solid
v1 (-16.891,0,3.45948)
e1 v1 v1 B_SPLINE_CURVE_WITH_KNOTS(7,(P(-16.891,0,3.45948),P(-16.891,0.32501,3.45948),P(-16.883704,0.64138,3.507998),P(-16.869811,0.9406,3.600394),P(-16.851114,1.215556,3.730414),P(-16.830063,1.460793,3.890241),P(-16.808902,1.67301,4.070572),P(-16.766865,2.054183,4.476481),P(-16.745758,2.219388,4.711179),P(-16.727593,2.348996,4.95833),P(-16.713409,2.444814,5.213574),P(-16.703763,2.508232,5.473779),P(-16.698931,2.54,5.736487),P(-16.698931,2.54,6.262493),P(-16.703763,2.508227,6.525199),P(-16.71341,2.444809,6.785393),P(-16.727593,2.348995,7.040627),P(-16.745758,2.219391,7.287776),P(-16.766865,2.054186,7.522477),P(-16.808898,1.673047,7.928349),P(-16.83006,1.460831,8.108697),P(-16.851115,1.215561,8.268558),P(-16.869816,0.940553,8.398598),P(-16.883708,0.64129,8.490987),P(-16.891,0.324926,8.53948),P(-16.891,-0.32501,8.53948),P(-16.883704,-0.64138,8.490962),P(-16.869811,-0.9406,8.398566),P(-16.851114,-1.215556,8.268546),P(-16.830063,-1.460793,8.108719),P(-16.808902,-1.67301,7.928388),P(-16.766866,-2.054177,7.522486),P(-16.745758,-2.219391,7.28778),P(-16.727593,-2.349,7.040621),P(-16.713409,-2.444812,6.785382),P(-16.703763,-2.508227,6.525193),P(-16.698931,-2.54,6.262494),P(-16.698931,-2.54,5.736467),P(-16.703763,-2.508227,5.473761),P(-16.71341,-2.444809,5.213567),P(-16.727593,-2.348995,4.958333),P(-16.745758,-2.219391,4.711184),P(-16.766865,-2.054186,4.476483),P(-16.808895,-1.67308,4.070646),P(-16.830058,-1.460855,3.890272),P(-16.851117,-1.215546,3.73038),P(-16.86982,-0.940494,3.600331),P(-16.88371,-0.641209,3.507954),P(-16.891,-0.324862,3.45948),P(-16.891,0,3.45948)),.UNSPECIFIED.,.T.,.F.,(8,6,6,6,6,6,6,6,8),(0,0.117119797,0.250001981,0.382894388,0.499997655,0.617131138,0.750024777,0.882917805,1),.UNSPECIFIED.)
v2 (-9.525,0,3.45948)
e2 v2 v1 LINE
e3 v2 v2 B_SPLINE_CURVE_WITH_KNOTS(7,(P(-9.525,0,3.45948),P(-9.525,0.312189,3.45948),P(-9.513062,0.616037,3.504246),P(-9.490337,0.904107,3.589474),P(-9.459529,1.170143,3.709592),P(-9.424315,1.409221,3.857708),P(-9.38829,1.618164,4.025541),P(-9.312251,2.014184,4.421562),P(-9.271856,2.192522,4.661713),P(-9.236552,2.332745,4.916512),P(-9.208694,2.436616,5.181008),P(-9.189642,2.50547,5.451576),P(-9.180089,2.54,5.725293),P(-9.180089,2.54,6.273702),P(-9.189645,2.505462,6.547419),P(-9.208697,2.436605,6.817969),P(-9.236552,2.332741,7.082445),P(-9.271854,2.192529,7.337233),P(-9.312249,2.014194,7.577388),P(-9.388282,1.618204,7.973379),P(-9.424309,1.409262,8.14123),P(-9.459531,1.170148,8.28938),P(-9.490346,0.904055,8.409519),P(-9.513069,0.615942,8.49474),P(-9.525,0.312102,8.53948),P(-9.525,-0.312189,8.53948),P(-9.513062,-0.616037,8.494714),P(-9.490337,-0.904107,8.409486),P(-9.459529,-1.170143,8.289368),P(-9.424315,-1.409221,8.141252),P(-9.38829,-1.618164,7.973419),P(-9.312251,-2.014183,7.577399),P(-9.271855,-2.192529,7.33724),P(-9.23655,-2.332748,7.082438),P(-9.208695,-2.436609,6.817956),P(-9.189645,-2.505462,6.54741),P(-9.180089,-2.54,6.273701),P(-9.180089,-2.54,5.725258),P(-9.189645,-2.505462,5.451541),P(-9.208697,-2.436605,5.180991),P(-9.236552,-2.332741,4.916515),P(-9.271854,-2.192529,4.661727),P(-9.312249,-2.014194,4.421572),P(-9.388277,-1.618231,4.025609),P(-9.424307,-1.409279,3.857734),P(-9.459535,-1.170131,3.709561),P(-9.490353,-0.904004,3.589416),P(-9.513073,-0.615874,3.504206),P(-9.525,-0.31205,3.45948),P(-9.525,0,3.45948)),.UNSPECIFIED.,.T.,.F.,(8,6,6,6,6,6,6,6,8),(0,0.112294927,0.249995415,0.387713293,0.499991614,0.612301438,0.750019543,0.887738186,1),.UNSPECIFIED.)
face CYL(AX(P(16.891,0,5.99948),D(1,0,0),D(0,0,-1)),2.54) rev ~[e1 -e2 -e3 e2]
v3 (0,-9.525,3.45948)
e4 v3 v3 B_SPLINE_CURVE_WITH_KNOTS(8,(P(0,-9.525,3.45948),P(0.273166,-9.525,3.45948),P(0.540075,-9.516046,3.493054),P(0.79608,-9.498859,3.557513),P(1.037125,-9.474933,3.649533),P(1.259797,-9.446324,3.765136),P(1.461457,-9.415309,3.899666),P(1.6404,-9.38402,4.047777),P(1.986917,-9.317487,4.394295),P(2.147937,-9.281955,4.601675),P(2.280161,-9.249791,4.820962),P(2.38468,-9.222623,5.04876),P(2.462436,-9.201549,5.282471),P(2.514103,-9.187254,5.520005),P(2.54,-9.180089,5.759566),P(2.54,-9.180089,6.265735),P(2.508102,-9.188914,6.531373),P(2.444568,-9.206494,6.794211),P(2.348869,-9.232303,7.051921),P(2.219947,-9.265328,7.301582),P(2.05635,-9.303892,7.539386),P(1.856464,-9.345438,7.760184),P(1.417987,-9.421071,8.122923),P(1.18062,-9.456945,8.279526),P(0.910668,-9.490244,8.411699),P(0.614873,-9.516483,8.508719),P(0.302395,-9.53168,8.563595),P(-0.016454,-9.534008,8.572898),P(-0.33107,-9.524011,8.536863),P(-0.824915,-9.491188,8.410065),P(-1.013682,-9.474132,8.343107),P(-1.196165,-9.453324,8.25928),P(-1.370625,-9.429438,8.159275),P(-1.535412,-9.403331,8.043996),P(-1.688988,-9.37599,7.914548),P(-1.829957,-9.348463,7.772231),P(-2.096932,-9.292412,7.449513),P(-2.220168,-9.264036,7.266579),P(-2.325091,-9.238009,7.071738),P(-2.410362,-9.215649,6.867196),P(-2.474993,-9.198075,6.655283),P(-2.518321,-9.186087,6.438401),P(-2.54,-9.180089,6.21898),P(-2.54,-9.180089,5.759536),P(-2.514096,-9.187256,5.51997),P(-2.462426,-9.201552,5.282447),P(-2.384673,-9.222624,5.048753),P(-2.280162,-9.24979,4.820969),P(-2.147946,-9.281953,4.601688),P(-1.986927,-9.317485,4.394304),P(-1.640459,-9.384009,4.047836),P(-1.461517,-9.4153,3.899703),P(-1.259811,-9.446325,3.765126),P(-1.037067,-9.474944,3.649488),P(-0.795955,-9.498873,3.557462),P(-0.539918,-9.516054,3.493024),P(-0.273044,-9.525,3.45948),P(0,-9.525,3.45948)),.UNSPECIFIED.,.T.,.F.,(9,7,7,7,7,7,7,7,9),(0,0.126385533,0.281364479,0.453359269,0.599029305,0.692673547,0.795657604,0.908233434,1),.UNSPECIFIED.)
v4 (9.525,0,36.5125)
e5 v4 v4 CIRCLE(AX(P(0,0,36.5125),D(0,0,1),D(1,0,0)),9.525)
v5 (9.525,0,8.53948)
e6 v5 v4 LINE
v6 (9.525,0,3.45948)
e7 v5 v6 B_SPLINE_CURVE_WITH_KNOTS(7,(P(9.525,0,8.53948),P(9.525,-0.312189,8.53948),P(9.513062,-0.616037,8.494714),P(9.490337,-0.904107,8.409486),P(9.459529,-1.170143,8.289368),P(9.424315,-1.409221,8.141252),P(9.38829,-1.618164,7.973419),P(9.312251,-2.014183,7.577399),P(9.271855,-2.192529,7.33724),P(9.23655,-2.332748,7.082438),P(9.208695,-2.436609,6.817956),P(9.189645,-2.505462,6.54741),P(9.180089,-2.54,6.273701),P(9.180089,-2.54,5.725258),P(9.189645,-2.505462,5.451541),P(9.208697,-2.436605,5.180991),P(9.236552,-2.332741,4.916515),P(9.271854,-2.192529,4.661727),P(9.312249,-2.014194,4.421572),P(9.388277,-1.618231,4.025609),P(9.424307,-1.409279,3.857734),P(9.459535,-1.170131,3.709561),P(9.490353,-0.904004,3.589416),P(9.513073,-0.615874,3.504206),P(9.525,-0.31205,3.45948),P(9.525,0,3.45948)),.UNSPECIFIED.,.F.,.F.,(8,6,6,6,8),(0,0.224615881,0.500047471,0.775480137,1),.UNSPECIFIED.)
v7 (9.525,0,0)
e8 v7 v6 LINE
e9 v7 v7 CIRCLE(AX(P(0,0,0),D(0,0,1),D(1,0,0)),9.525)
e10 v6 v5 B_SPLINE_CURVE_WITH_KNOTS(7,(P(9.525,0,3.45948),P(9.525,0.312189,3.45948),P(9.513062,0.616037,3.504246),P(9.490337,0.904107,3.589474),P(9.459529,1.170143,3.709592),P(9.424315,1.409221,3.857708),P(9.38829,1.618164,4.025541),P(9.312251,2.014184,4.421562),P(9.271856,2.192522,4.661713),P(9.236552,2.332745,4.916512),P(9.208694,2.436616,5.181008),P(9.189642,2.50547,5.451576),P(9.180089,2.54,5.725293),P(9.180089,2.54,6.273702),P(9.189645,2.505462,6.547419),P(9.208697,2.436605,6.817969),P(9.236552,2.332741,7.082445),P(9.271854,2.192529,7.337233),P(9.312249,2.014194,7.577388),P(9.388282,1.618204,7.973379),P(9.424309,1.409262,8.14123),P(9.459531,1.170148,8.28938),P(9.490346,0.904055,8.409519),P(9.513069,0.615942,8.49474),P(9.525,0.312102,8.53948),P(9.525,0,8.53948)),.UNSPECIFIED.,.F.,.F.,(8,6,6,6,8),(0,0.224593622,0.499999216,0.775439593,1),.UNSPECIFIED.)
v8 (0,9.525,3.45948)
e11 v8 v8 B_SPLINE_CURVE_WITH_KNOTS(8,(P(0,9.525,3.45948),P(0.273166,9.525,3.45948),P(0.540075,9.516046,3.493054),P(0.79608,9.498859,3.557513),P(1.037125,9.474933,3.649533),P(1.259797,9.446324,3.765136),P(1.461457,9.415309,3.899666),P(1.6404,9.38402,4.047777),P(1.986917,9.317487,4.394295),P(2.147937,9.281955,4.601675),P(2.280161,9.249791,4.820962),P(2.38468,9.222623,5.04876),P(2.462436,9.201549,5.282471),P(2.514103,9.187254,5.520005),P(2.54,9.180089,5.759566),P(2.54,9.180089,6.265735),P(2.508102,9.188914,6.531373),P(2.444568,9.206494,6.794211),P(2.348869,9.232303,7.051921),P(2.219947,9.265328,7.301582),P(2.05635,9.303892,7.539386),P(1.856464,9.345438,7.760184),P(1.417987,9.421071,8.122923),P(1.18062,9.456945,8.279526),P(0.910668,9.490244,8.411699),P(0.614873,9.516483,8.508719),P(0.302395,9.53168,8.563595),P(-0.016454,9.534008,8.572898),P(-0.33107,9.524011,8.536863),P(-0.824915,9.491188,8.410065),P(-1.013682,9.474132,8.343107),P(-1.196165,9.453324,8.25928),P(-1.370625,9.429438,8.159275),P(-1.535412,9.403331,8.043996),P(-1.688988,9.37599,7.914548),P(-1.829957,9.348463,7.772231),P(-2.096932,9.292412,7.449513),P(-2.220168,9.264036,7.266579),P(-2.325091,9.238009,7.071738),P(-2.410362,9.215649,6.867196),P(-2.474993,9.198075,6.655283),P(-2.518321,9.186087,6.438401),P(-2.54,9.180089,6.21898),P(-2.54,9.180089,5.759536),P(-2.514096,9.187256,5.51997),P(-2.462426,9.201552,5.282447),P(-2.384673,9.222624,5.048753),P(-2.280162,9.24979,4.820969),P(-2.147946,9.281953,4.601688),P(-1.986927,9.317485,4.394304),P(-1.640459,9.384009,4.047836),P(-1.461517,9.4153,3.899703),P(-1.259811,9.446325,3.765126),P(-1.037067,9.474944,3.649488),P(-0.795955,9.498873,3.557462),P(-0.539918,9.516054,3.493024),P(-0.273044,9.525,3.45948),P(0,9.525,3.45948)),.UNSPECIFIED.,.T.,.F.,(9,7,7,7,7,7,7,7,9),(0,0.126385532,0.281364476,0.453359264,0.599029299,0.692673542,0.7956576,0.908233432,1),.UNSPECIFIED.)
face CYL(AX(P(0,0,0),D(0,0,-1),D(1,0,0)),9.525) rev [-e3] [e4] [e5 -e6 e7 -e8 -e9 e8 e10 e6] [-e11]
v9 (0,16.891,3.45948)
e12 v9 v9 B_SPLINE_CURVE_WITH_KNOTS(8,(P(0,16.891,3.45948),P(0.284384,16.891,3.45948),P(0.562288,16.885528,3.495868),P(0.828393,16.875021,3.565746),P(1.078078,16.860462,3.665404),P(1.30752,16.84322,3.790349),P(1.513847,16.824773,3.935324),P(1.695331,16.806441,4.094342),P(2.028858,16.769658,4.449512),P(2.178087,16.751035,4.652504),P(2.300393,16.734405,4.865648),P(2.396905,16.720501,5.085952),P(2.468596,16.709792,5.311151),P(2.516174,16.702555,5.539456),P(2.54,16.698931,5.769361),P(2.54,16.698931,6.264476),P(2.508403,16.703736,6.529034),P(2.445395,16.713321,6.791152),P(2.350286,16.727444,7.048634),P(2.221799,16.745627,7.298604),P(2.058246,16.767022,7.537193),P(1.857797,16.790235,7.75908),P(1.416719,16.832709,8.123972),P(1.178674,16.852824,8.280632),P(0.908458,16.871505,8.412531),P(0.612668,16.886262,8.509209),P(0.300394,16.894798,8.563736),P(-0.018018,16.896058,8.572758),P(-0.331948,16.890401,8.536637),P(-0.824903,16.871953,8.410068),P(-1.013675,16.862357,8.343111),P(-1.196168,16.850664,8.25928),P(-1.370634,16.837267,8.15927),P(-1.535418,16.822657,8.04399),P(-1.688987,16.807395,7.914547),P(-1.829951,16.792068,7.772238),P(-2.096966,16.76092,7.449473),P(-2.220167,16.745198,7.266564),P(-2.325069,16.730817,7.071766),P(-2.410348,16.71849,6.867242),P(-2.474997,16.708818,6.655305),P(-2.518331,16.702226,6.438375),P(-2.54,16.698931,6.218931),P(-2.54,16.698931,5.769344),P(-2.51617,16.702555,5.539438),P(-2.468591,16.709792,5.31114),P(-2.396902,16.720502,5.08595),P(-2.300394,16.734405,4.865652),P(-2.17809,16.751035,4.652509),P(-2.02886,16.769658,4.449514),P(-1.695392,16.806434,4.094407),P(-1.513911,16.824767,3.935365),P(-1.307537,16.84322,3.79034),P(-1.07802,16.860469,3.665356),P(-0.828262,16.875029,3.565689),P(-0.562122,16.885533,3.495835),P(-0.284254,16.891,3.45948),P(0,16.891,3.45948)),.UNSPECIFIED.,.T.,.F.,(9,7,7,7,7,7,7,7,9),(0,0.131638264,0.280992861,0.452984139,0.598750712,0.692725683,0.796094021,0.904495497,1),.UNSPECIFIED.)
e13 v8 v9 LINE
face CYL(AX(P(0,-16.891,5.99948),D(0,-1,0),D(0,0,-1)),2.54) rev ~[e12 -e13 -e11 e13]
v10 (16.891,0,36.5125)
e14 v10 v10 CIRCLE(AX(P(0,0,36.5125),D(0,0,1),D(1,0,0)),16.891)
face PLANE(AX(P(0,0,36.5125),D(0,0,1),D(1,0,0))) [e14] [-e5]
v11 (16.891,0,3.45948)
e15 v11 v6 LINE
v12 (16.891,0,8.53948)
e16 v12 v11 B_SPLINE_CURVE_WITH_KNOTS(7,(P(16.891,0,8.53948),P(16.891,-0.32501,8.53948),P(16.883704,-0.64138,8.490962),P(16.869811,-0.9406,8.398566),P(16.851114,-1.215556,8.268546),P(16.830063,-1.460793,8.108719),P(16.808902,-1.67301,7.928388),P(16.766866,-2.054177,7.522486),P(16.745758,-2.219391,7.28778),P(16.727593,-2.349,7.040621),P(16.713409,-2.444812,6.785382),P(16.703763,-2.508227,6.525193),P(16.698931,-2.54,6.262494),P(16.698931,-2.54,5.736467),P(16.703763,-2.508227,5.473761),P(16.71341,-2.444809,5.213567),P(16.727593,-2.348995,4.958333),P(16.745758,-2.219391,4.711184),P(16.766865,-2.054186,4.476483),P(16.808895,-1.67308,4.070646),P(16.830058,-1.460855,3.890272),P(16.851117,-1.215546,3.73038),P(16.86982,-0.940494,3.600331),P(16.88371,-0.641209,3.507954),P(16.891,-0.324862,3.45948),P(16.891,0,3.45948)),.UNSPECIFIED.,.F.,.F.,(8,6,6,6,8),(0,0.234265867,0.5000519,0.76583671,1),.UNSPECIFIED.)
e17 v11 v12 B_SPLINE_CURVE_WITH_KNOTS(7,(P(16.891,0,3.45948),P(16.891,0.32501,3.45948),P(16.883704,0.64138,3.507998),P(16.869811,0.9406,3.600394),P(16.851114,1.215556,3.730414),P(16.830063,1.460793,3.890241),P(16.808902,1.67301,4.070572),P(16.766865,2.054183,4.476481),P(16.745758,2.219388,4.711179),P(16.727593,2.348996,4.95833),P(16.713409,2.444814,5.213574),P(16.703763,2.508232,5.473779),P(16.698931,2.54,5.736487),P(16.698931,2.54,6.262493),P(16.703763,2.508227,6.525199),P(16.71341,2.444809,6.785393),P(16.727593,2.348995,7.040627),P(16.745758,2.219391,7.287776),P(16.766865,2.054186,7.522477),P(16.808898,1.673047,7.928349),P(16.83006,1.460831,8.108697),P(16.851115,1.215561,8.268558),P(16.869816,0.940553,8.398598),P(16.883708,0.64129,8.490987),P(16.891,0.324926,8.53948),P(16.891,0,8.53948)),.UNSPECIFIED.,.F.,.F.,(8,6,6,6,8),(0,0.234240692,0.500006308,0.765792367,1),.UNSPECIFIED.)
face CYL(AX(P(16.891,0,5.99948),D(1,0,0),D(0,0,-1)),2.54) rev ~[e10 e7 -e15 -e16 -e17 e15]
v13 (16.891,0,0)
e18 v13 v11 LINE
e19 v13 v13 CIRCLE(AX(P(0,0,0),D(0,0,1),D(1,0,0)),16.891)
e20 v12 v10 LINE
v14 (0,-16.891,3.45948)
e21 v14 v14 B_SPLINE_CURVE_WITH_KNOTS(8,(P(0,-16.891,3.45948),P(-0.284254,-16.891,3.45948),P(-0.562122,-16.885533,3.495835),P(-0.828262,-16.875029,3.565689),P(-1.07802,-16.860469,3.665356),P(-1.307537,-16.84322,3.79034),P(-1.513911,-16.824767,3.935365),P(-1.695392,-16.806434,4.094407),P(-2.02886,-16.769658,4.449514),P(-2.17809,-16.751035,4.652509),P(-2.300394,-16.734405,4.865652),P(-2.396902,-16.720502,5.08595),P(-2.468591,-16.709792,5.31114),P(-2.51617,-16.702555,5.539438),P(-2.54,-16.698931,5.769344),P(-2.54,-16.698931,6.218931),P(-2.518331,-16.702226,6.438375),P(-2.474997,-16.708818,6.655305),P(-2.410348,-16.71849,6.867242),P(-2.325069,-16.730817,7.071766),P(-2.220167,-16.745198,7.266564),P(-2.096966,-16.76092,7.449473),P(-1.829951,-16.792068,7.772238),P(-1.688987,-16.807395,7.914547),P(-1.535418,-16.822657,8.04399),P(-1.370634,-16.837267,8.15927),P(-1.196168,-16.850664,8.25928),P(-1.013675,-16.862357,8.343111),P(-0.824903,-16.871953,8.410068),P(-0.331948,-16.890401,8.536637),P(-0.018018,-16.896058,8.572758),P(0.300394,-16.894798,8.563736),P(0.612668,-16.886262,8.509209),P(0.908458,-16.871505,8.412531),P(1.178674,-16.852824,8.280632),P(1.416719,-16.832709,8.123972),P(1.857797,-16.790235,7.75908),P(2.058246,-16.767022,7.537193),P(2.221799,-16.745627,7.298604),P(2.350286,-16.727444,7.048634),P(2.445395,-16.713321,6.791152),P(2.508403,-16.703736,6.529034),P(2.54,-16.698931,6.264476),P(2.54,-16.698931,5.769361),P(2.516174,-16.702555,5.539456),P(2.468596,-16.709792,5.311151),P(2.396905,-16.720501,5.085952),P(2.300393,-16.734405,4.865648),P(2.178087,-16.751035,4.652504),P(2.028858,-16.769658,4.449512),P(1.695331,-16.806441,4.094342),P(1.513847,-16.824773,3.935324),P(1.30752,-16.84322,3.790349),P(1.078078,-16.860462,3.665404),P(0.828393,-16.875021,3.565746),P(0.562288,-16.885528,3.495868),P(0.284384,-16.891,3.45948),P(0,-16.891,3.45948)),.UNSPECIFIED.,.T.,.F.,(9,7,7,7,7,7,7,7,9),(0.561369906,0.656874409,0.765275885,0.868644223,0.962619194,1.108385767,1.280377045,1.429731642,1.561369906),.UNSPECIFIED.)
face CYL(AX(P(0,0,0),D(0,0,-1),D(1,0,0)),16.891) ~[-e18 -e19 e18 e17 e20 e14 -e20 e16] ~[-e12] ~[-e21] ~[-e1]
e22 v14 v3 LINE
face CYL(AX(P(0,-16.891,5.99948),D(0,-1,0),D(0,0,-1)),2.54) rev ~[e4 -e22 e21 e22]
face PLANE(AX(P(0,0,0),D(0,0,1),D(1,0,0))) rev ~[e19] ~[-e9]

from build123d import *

# Parameters (mm, degrees)
SKETCH1_R           = 16.891
SKETCH1_R_2         = 9.525
BOSS_EXTRUDE1_DEPTH = 36.5125
SKETCH2_R           = 2.54
CUT_EXTRUDE1_DEPTH  = 36.5125
CIRPATTERN1_COUNT   = 4


with BuildPart() as part:
    # Sketch1 → Boss-Extrude1 (new body)
    with BuildSketch(Plane.XY):
        Circle(SKETCH1_R)
        Circle(SKETCH1_R_2, mode=Mode.SUBTRACT)
    extrude(amount=BOSS_EXTRUDE1_DEPTH)

    # Sketch2 → Cut-Extrude1 (cut)
    with BuildSketch(Plane(origin=(16.891, 0, 0), x_dir=(0, 0, -1), z_dir=(1, 0, 0))):
        with Locations((-5.99948, 0)):
            Circle(SKETCH2_R)
    cut_extrude1 = extrude(amount=-CUT_EXTRUDE1_DEPTH, mode=Mode.SUBTRACT)

    # CirPattern1: Cut-Extrude1 ×4 about axis
    cirpattern1_axis = Axis((0, 0, 36.5125), (0, 0, -1))
    for i in range(1, CIRPATTERN1_COUNT):
        add(cut_extrude1.rotate(cirpattern1_axis, i * 360 / CIRPATTERN1_COUNT), mode=Mode.SUBTRACT)


solid = part.part
